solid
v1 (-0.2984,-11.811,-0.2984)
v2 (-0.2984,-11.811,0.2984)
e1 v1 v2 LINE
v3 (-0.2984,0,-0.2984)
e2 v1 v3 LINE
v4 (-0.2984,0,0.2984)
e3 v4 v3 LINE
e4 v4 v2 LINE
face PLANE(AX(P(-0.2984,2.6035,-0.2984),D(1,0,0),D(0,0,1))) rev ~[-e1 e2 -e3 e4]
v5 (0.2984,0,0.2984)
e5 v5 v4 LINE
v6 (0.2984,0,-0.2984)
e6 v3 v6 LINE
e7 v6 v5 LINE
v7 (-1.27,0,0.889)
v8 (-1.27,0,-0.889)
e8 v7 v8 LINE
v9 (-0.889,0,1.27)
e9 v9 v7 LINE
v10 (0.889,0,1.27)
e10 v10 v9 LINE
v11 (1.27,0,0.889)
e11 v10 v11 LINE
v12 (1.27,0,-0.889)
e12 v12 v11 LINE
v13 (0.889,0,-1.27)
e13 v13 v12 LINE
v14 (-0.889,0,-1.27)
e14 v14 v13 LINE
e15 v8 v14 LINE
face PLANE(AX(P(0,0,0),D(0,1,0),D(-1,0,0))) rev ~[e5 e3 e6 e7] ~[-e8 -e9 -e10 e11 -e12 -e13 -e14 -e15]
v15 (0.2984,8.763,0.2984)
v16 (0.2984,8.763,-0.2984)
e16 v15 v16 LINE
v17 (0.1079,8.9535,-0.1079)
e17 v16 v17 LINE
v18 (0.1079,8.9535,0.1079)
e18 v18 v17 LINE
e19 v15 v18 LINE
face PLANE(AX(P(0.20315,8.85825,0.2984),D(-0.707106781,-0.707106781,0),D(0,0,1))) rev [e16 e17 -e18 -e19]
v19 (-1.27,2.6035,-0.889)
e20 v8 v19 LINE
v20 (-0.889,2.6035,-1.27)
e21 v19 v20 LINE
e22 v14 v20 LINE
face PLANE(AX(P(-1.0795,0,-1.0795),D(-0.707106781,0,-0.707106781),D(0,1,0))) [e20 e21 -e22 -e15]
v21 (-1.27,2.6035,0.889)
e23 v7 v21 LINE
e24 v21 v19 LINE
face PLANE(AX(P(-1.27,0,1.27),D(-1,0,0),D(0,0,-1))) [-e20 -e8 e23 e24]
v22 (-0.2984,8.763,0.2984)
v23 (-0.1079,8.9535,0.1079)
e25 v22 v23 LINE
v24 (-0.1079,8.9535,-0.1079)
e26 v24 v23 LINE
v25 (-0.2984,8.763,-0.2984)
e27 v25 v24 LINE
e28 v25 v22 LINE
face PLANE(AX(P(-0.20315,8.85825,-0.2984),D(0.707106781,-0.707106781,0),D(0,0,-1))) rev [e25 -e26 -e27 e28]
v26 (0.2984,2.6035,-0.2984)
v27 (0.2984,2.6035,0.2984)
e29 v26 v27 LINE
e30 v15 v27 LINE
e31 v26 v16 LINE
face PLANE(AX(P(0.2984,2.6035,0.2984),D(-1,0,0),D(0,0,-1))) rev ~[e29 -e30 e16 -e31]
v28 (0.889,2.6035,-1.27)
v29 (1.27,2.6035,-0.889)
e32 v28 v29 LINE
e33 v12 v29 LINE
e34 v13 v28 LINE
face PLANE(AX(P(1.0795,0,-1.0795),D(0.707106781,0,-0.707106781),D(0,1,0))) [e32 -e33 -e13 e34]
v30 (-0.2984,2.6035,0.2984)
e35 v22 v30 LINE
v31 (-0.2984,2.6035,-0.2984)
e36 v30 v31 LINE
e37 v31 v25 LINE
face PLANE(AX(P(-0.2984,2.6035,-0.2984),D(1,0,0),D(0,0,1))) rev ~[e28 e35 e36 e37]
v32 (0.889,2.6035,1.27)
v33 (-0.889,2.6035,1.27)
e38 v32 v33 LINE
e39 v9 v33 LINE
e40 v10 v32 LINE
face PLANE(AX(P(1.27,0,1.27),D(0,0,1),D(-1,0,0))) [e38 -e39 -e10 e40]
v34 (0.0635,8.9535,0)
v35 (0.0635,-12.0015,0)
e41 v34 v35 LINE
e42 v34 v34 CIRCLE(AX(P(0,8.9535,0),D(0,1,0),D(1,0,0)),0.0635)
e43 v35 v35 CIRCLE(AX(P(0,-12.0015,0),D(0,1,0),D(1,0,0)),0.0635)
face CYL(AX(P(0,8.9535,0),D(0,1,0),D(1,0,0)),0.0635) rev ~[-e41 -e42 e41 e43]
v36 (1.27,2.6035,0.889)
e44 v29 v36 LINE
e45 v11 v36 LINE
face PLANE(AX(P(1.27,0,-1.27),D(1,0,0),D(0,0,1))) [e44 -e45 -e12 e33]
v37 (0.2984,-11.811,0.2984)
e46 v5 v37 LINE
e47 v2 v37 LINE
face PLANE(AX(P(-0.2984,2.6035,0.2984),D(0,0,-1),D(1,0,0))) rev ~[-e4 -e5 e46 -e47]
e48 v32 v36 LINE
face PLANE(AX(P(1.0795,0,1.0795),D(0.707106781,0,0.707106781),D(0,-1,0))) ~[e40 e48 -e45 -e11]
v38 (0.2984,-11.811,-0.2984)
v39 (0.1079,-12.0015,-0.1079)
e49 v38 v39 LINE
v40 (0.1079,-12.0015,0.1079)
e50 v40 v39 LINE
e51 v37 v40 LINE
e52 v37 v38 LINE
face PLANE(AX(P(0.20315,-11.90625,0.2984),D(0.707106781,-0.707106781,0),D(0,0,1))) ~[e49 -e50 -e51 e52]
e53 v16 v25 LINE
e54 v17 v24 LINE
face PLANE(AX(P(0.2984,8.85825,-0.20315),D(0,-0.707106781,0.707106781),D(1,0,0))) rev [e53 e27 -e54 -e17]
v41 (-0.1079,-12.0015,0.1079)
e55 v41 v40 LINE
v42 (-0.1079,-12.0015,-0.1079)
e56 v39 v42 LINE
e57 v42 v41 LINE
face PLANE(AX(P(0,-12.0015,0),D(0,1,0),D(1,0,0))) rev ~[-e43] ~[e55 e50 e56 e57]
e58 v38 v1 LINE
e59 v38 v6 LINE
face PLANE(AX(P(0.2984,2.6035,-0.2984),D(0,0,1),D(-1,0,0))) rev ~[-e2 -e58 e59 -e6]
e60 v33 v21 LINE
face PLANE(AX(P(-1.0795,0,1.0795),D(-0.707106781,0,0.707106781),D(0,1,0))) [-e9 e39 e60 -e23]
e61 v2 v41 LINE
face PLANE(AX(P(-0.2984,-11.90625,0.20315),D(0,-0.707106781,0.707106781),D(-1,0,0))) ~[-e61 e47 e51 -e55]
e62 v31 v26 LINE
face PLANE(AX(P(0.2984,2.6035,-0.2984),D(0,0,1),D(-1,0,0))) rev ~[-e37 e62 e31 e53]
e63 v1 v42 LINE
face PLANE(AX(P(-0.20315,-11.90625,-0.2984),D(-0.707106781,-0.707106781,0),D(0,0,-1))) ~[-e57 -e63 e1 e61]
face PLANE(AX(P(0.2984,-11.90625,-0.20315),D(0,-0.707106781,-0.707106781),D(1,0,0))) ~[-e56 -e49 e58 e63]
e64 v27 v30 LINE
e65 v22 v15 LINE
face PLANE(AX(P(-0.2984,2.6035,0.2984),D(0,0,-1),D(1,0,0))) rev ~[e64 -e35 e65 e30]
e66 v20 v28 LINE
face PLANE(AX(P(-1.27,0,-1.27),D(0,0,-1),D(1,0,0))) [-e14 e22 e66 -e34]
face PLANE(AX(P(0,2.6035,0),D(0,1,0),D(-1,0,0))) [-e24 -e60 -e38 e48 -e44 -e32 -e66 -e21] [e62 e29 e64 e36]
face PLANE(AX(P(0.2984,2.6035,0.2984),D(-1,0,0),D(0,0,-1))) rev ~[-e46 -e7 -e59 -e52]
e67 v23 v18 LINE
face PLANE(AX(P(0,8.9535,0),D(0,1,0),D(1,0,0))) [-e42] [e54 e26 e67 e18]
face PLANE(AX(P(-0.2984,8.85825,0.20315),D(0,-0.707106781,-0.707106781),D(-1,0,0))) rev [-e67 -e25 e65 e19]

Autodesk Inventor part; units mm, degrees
ref_plane "YZ Plane" through (0, 0, 0) normal (1, 0, 0) x (0, 1, 0)
ref_plane "XZ Plane" through (0, 0, 0) normal (0, 1, 0) x (-1, 0, 0)
ref_plane "XY Plane" through (0, 0, 0) normal (0, 0, 1) x (1, 0, 0)
sketch "Sketch1" plane through (0, 0, 0) normal (0, 1, 0) x (-1, 0, 0)
  line L0 (-1.27, 1.27) -> (1.27, 1.27)
  line L1 (1.27, 1.27) -> (1.27, -1.27)
  line L2 (1.27, -1.27) -> (-1.27, -1.27)
  line L3 (-1.27, -1.27) -> (-1.27, 1.27)
  line L4 (-1.27, 1.27) -> (1.27, -1.27) construction
  line L5 (1.27, 1.27) -> (-1.27, -1.27) construction
  point P0 (0, 0)
  dimension "d0" = 2.54
extrude "Extrusion1" add sketch "Sketch1" along normal blind 2.6035
chamfer "Chamfer1" distance 0.381 angle 45 4 edges at (1.27, 1.3017, 1.27) (-1.27, 1.3017, 1.27) (1.27, 1.3017, -1.27) (-1.27, 1.3017, -1.27)
sketch "Sketch2" plane through (0, 2.6035, 0) normal (0, 1, 0) x (1, 0, 0)
  line L0 (0.2984, 0.2984) -> (-0.2984, 0.2984)
  line L1 (-0.2984, 0.2984) -> (-0.2984, -0.2984)
  line L2 (-0.2984, -0.2984) -> (0.2984, -0.2984)
  line L3 (0.2984, -0.2984) -> (0.2984, 0.2984)
  line L4 (0.2984, 0.2984) -> (-0.2984, -0.2984) construction
  line L5 (-0.2984, 0.2984) -> (0.2984, -0.2984) construction
  point P0 (0, 0)
  dimension "d6" = 0.5969
extrude "Extrusion2" add sketch "Sketch2" along normal blind 6.35 and the other way blind 14.605
chamfer "Chamfer2" distance 0.1905 angle 45 8 edges at (0.2984, 8.9535, 0) (0, 8.9535, -0.2984) (-0.2984, 8.9535, 0) (0, 8.9535, 0.2984) (0, -12.0015, -0.2984) (0.2984, -12.0015, 0) (0, -12.0015, 0.2984) (-0.2984, -12.0015, 0)
sketch "Sketch3" plane through (0, 8.9535, 0) normal (0, 1, 0) x (1, 0, 0)
  circle A0 centre (0, 0) radius 0.0635
  dimension "d14" = 0.127
extrude "Extrusion3" cut sketch "Sketch3" against normal through all
properties part number "Single Long Male Header"
